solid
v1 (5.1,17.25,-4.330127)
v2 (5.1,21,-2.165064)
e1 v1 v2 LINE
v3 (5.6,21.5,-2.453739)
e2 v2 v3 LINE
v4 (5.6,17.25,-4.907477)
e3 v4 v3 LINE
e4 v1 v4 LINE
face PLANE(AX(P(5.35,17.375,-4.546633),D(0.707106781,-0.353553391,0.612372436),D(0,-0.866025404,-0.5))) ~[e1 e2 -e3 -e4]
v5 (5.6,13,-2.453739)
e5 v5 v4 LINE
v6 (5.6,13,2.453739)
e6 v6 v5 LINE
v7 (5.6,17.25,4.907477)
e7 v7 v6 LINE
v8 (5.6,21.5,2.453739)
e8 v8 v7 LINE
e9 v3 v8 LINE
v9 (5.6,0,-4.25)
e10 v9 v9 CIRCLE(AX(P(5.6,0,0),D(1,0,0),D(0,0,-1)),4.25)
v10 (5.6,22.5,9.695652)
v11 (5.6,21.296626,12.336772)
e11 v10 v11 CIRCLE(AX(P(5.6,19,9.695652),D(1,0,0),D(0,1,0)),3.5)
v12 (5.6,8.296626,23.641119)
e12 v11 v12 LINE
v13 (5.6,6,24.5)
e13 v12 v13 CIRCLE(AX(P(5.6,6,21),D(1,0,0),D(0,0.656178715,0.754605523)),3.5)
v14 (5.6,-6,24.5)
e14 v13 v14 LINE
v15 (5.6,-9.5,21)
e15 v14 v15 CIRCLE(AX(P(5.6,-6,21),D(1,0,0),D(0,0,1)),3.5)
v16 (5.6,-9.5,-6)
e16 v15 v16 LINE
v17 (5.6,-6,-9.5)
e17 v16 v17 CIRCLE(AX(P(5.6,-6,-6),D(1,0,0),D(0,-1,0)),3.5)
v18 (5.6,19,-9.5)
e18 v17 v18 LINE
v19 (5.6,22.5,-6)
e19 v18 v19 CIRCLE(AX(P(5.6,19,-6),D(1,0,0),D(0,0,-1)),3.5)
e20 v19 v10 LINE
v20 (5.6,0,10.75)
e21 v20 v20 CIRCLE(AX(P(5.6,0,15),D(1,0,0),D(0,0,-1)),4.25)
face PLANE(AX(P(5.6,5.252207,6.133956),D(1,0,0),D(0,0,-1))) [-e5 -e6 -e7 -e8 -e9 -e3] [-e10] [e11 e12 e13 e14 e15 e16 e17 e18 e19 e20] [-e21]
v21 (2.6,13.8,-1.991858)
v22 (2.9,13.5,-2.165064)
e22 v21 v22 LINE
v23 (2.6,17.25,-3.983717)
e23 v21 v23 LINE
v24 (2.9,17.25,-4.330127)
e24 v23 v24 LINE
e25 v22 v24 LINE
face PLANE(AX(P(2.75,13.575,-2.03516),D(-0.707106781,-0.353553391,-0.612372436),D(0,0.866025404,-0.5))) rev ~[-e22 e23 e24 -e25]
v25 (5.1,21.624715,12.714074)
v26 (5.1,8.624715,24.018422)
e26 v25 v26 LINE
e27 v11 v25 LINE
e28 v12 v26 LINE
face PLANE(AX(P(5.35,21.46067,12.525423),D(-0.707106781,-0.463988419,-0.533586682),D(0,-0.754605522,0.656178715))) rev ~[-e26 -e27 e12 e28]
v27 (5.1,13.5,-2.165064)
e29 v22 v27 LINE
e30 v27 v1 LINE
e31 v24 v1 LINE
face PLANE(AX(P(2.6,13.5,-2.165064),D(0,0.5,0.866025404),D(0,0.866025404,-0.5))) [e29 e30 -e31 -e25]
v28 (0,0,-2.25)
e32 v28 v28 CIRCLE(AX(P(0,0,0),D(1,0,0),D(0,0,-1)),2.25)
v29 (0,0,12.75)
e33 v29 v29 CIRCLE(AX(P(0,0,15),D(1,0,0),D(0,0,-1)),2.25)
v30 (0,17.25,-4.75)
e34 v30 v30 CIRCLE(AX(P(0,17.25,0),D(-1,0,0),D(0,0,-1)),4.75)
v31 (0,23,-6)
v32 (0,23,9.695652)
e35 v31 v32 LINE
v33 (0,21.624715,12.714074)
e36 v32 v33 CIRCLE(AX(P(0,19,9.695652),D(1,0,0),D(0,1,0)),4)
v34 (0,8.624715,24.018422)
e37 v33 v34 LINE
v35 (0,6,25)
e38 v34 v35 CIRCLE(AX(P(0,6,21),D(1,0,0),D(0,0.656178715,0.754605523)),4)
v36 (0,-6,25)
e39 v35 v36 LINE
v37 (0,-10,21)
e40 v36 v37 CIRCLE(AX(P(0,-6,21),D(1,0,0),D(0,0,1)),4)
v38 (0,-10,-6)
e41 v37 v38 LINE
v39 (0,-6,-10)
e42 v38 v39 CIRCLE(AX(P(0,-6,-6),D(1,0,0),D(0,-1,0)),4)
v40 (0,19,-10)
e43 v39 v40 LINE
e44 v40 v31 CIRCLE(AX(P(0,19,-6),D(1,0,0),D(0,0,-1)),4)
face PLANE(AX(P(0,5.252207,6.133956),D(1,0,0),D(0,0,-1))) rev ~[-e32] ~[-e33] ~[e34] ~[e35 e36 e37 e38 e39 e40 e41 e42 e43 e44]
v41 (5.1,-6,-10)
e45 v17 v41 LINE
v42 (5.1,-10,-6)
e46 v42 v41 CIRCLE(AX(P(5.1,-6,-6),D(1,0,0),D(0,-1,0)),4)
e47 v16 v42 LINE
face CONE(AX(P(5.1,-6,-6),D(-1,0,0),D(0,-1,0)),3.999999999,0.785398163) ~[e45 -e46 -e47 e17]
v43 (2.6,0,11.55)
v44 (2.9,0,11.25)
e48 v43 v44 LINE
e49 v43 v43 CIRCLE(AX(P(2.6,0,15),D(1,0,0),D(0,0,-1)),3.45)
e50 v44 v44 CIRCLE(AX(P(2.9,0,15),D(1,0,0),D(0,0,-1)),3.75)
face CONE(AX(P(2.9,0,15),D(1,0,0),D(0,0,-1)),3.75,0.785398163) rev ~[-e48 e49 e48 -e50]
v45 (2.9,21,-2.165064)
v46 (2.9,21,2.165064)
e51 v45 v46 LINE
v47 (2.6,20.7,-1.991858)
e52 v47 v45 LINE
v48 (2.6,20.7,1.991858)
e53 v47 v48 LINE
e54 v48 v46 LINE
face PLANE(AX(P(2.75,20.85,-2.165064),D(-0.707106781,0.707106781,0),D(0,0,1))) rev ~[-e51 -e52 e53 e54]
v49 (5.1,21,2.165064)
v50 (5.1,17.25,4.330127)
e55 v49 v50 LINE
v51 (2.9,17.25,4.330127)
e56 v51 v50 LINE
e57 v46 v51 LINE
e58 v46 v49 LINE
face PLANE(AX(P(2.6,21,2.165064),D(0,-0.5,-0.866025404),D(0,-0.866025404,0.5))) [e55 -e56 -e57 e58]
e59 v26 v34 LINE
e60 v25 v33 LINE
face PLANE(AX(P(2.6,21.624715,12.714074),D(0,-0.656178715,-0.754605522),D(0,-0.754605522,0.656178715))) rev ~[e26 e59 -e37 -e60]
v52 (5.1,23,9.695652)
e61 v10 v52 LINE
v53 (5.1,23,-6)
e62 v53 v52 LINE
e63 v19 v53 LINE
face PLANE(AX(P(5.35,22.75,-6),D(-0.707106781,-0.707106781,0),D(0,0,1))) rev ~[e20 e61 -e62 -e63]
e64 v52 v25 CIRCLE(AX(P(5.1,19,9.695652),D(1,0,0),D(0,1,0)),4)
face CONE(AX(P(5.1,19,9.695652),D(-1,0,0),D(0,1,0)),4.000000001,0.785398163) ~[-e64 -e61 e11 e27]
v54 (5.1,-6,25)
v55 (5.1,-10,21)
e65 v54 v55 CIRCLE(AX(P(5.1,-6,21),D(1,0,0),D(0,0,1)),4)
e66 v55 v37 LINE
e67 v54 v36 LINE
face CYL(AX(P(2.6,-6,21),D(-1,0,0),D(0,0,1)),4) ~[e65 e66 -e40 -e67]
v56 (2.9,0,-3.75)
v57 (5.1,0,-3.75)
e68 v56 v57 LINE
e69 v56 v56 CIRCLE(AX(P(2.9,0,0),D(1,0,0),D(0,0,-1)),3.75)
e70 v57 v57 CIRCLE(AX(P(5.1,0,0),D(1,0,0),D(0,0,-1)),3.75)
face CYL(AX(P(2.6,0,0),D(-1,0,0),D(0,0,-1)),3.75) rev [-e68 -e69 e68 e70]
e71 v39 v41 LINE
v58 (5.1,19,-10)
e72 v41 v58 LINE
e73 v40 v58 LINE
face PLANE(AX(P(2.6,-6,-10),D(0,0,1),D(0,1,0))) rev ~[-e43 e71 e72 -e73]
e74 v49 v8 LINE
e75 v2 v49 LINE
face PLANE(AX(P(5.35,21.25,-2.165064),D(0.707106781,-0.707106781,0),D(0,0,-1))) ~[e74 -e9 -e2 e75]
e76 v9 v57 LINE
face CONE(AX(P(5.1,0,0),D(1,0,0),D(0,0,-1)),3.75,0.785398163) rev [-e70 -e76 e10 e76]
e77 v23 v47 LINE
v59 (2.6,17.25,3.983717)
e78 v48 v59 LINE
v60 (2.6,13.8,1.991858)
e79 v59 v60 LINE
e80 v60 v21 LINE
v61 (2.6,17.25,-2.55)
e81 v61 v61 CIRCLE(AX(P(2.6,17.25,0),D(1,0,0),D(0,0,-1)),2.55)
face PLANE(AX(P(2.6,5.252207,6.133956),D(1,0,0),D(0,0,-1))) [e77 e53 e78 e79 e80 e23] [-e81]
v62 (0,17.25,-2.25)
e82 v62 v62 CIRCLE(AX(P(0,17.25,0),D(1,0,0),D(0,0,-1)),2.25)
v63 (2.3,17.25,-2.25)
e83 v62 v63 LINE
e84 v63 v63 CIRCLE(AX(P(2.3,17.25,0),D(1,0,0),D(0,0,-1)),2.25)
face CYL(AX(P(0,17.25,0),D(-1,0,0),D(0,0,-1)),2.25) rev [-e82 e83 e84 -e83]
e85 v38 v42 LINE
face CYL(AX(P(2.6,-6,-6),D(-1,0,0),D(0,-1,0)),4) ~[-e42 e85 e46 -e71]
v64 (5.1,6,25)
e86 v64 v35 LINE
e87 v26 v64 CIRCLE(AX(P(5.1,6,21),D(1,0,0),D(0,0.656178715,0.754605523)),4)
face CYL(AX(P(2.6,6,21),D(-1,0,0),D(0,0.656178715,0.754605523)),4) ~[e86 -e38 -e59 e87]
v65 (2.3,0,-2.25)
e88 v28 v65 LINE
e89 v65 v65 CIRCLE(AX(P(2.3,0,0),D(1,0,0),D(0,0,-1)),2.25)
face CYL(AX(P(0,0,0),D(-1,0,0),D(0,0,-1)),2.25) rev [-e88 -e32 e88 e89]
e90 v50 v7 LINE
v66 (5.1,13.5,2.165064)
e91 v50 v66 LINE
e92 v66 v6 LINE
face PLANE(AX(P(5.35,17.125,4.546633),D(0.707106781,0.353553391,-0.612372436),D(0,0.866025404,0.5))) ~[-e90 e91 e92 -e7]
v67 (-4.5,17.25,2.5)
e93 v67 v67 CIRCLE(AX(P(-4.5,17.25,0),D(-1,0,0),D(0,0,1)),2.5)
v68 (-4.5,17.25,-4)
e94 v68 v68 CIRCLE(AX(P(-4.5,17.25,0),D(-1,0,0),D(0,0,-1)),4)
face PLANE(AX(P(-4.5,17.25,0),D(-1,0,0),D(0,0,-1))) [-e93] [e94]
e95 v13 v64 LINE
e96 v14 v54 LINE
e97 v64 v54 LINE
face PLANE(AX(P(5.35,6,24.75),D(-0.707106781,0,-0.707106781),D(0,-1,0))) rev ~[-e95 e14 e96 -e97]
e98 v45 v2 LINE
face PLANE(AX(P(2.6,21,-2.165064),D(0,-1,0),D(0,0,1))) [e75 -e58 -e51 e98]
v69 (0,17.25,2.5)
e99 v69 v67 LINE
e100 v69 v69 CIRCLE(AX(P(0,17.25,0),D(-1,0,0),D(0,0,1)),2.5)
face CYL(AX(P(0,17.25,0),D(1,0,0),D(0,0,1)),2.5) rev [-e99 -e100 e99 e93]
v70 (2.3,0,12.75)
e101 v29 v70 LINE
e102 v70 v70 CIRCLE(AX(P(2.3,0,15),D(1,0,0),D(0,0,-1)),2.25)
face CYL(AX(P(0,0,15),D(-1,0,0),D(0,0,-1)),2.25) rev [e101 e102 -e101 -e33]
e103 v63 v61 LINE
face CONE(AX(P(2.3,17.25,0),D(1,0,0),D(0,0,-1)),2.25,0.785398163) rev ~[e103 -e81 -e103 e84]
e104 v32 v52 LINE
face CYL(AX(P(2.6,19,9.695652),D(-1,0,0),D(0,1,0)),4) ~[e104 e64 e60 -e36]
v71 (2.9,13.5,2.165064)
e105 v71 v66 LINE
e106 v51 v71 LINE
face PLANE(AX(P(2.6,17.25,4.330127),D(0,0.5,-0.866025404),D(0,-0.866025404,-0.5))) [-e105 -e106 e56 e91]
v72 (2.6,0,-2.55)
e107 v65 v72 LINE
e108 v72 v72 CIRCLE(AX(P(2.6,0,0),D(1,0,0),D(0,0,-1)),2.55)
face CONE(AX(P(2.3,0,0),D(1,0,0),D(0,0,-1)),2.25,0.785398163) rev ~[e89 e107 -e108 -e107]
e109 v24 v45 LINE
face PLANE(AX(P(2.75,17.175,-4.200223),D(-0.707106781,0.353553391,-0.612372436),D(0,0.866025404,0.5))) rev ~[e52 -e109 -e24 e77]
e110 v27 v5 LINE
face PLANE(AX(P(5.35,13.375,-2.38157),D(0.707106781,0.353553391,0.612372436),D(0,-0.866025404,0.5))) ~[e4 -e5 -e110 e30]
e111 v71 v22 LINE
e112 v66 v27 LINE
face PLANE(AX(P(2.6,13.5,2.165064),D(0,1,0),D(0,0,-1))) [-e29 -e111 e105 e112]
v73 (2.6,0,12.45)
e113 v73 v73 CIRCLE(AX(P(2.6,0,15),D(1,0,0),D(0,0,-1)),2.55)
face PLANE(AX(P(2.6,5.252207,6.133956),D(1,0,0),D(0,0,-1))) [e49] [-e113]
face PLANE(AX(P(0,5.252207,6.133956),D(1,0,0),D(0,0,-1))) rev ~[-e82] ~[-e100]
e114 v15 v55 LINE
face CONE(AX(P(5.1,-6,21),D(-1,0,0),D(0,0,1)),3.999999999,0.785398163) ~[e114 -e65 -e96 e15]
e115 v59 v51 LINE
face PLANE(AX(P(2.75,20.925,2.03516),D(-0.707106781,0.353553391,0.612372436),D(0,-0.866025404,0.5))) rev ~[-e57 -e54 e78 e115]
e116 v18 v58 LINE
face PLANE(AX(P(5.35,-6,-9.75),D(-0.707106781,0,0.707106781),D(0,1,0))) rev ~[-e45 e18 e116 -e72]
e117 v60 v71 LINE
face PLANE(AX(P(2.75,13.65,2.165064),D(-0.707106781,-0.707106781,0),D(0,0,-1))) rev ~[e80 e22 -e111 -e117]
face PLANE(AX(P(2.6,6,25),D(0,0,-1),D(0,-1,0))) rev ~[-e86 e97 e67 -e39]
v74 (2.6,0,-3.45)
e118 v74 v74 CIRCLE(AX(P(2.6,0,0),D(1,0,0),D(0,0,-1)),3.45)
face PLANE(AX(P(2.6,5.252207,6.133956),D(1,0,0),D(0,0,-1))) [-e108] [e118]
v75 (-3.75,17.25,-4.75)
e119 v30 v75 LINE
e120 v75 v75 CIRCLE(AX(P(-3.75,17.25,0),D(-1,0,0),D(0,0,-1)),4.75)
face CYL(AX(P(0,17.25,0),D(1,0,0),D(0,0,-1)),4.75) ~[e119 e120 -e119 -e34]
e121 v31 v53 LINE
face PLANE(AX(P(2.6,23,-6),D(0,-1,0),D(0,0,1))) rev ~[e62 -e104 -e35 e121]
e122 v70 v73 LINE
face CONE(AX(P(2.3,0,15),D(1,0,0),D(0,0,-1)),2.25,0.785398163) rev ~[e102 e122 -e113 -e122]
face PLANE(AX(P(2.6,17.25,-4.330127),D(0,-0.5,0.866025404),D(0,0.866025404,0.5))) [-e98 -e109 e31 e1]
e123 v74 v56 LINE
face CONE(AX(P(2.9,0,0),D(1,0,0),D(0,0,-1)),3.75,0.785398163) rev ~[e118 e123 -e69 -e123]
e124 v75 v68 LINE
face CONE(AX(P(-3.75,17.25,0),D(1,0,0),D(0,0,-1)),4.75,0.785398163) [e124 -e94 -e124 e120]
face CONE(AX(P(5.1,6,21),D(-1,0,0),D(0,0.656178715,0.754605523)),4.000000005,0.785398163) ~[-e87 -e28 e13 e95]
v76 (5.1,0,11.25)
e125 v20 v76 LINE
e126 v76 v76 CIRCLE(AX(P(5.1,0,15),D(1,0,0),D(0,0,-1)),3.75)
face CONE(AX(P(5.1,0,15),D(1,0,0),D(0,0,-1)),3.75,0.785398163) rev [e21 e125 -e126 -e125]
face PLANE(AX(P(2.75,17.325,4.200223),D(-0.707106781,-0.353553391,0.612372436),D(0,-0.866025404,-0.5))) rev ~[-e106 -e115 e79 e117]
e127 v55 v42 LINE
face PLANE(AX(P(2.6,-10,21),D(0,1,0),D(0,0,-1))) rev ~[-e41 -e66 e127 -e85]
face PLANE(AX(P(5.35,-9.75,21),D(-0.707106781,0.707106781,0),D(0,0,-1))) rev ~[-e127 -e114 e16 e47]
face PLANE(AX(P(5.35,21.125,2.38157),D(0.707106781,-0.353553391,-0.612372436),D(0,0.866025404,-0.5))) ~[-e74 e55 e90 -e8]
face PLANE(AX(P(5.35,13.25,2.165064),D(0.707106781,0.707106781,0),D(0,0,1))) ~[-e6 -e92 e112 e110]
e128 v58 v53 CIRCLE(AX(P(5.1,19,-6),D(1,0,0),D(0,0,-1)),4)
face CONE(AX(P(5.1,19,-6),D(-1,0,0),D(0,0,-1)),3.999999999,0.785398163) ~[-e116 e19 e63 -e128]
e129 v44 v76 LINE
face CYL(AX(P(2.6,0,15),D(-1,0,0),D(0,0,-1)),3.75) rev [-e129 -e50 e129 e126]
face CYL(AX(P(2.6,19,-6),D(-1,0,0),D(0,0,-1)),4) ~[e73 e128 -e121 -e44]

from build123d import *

# Parameters (mm, degrees)
SKETCH1_R           = 2.25
BOSS_EXTRUDE1_DEPTH = 2.6
SKETCH2_R           = 4.75
SKETCH2_R_2         = 2.5
BOSS_EXTRUDE2_DEPTH = 4.5
CHAMFER1_SIZE       = 0.75
SKETCH3_R           = 3.75
BOSS_EXTRUDE3_DEPTH = 3
CHAMFER2_SIZE       = 0.3
CHAMFER3_SIZE       = 0.5


with BuildPart() as part:
    # Sketch1 → Boss-Extrude1 (new body)
    with BuildSketch(Plane(origin=(0, 0, 0), x_dir=(0, 0, -1), z_dir=(1, 0, 0))):
        with BuildLine():
            Line((-21, -10), (6, -10))
            ThreePointArc((6, -10), (8.828427125, -8.828427125), (10, -6))
            Line((10, -6), (10, 19))
            ThreePointArc((10, 19), (8.828427125, 21.828427125), (6, 23))
            Line((6, 23), (-9.695652174, 23))
            ThreePointArc((-9.695652174, 23), (-11.354136506, 22.63997661), (-12.714074263, 21.62471486))
            Line((-12.714074263, 21.62471486), (-24.018422089, 8.62471486))
            ThreePointArc((-24.018422089, 8.62471486), (-24.746577662, 7.401126626), (-25, 6))
            Line((-25, 6), (-25, -6))
            ThreePointArc((-25, -6), (-23.828427125, -8.828427125), (-21, -10))
        make_face()
        with Locations((-15, 0)):
            Circle(SKETCH1_R, mode=Mode.SUBTRACT)
        with Locations((0, 17.25)):
            Circle(SKETCH1_R, mode=Mode.SUBTRACT)
        Circle(SKETCH1_R, mode=Mode.SUBTRACT)
    extrude(amount=BOSS_EXTRUDE1_DEPTH)

    # Sketch2 → Boss-Extrude2 (add)
    with BuildSketch(Plane.ZY):
        with Locations(Location((0, 17.25, 0), (0, 0, 180))):
            Circle(SKETCH2_R)
        with Locations((0, 17.25)):
            Circle(SKETCH2_R_2, mode=Mode.SUBTRACT)
    extrude(amount=BOSS_EXTRUDE2_DEPTH)

    # Chamfer1
    chamfer1_edges = [part.edges().sort_by_distance(p)[0] for p in [
        (-4.5, 17.25, 4.75),
    ]]
    chamfer(chamfer1_edges, length=CHAMFER1_SIZE)

    # Sketch3 → Boss-Extrude3 (add)
    with BuildSketch(Plane(origin=(2.6, 0, 0), x_dir=(0, 0, -1), z_dir=(1, 0, 0))):
        with BuildLine():
            Line((-21, -10), (6, -10))
            ThreePointArc((6, -10), (8.828427125, -8.828427125), (10, -6))
            Line((10, -6), (10, 19))
            ThreePointArc((10, 19), (8.828427125, 21.828427125), (6, 23))
            Line((6, 23), (-9.695652174, 23))
            ThreePointArc((-9.695652174, 23), (-11.354136506, 22.63997661), (-12.714074263, 21.62471486))
            Line((-12.714074263, 21.62471486), (-24.018422089, 8.62471486))
            ThreePointArc((-24.018422089, 8.62471486), (-24.746577662, 7.401126626), (-25, 6))
            Line((-25, 6), (-25, -6))
            ThreePointArc((-25, -6), (-23.828427125, -8.828427125), (-21, -10))
        make_face()
        with Locations((-15, 0)):
            Circle(SKETCH3_R, mode=Mode.SUBTRACT)
        Circle(SKETCH3_R, mode=Mode.SUBTRACT)
        Polygon((2.165063509, 21), (-2.165063509, 21), (-4.330127019, 17.25), (-2.165063509, 13.5), (2.165063509, 13.5), (4.330127019, 17.25), align=None, mode=Mode.SUBTRACT)
    extrude(amount=BOSS_EXTRUDE3_DEPTH)

    # Chamfer2
    chamfer2_edges = [part.edges().sort_by_distance(p)[0] for p in [
        (2.6, 0, 17.25),
        (2.6, 17.25, 2.25),
        (2.6, 0, 2.25),
        (2.6, 0, 3.75),
        (2.6, 0, 18.75),
        (2.6, 19.125, -3.247595264),
        (2.6, 21, 0),
        (2.6, 19.125, 3.247595264),
        (2.6, 15.375, 3.247595264),
        (2.6, 13.5, 0),
        (2.6, 15.375, -3.247595264),
    ]]
    chamfer(chamfer2_edges, length=CHAMFER2_SIZE)

    # Chamfer3
    chamfer3_edges = [part.edges().sort_by_distance(p)[0] for p in [
        (5.6, -8.828427125, 23.828427125),
        (5.6, -10, 7.5),
        (5.6, -8.828427125, -8.828427125),
        (5.6, 6.5, -10),
        (5.6, 21.828427125, -8.828427125),
        (5.6, 23, 1.847826087),
        (5.6, 22.63997661, 11.354136506),
        (5.6, 15.12471486, 18.366248176),
        (5.6, 7.401126626, 24.746577662),
        (5.6, 0, 25),
        (5.6, 0, 18.75),
        (5.6, 0, 3.75),
        (5.6, 19.125, -3.247595264),
        (5.6, 21, 0),
        (5.6, 19.125, 3.247595264),
        (5.6, 15.375, 3.247595264),
        (5.6, 13.5, 0),
        (5.6, 15.375, -3.247595264),
    ]]
    chamfer(chamfer3_edges, length=CHAMFER3_SIZE)


solid = part.part
